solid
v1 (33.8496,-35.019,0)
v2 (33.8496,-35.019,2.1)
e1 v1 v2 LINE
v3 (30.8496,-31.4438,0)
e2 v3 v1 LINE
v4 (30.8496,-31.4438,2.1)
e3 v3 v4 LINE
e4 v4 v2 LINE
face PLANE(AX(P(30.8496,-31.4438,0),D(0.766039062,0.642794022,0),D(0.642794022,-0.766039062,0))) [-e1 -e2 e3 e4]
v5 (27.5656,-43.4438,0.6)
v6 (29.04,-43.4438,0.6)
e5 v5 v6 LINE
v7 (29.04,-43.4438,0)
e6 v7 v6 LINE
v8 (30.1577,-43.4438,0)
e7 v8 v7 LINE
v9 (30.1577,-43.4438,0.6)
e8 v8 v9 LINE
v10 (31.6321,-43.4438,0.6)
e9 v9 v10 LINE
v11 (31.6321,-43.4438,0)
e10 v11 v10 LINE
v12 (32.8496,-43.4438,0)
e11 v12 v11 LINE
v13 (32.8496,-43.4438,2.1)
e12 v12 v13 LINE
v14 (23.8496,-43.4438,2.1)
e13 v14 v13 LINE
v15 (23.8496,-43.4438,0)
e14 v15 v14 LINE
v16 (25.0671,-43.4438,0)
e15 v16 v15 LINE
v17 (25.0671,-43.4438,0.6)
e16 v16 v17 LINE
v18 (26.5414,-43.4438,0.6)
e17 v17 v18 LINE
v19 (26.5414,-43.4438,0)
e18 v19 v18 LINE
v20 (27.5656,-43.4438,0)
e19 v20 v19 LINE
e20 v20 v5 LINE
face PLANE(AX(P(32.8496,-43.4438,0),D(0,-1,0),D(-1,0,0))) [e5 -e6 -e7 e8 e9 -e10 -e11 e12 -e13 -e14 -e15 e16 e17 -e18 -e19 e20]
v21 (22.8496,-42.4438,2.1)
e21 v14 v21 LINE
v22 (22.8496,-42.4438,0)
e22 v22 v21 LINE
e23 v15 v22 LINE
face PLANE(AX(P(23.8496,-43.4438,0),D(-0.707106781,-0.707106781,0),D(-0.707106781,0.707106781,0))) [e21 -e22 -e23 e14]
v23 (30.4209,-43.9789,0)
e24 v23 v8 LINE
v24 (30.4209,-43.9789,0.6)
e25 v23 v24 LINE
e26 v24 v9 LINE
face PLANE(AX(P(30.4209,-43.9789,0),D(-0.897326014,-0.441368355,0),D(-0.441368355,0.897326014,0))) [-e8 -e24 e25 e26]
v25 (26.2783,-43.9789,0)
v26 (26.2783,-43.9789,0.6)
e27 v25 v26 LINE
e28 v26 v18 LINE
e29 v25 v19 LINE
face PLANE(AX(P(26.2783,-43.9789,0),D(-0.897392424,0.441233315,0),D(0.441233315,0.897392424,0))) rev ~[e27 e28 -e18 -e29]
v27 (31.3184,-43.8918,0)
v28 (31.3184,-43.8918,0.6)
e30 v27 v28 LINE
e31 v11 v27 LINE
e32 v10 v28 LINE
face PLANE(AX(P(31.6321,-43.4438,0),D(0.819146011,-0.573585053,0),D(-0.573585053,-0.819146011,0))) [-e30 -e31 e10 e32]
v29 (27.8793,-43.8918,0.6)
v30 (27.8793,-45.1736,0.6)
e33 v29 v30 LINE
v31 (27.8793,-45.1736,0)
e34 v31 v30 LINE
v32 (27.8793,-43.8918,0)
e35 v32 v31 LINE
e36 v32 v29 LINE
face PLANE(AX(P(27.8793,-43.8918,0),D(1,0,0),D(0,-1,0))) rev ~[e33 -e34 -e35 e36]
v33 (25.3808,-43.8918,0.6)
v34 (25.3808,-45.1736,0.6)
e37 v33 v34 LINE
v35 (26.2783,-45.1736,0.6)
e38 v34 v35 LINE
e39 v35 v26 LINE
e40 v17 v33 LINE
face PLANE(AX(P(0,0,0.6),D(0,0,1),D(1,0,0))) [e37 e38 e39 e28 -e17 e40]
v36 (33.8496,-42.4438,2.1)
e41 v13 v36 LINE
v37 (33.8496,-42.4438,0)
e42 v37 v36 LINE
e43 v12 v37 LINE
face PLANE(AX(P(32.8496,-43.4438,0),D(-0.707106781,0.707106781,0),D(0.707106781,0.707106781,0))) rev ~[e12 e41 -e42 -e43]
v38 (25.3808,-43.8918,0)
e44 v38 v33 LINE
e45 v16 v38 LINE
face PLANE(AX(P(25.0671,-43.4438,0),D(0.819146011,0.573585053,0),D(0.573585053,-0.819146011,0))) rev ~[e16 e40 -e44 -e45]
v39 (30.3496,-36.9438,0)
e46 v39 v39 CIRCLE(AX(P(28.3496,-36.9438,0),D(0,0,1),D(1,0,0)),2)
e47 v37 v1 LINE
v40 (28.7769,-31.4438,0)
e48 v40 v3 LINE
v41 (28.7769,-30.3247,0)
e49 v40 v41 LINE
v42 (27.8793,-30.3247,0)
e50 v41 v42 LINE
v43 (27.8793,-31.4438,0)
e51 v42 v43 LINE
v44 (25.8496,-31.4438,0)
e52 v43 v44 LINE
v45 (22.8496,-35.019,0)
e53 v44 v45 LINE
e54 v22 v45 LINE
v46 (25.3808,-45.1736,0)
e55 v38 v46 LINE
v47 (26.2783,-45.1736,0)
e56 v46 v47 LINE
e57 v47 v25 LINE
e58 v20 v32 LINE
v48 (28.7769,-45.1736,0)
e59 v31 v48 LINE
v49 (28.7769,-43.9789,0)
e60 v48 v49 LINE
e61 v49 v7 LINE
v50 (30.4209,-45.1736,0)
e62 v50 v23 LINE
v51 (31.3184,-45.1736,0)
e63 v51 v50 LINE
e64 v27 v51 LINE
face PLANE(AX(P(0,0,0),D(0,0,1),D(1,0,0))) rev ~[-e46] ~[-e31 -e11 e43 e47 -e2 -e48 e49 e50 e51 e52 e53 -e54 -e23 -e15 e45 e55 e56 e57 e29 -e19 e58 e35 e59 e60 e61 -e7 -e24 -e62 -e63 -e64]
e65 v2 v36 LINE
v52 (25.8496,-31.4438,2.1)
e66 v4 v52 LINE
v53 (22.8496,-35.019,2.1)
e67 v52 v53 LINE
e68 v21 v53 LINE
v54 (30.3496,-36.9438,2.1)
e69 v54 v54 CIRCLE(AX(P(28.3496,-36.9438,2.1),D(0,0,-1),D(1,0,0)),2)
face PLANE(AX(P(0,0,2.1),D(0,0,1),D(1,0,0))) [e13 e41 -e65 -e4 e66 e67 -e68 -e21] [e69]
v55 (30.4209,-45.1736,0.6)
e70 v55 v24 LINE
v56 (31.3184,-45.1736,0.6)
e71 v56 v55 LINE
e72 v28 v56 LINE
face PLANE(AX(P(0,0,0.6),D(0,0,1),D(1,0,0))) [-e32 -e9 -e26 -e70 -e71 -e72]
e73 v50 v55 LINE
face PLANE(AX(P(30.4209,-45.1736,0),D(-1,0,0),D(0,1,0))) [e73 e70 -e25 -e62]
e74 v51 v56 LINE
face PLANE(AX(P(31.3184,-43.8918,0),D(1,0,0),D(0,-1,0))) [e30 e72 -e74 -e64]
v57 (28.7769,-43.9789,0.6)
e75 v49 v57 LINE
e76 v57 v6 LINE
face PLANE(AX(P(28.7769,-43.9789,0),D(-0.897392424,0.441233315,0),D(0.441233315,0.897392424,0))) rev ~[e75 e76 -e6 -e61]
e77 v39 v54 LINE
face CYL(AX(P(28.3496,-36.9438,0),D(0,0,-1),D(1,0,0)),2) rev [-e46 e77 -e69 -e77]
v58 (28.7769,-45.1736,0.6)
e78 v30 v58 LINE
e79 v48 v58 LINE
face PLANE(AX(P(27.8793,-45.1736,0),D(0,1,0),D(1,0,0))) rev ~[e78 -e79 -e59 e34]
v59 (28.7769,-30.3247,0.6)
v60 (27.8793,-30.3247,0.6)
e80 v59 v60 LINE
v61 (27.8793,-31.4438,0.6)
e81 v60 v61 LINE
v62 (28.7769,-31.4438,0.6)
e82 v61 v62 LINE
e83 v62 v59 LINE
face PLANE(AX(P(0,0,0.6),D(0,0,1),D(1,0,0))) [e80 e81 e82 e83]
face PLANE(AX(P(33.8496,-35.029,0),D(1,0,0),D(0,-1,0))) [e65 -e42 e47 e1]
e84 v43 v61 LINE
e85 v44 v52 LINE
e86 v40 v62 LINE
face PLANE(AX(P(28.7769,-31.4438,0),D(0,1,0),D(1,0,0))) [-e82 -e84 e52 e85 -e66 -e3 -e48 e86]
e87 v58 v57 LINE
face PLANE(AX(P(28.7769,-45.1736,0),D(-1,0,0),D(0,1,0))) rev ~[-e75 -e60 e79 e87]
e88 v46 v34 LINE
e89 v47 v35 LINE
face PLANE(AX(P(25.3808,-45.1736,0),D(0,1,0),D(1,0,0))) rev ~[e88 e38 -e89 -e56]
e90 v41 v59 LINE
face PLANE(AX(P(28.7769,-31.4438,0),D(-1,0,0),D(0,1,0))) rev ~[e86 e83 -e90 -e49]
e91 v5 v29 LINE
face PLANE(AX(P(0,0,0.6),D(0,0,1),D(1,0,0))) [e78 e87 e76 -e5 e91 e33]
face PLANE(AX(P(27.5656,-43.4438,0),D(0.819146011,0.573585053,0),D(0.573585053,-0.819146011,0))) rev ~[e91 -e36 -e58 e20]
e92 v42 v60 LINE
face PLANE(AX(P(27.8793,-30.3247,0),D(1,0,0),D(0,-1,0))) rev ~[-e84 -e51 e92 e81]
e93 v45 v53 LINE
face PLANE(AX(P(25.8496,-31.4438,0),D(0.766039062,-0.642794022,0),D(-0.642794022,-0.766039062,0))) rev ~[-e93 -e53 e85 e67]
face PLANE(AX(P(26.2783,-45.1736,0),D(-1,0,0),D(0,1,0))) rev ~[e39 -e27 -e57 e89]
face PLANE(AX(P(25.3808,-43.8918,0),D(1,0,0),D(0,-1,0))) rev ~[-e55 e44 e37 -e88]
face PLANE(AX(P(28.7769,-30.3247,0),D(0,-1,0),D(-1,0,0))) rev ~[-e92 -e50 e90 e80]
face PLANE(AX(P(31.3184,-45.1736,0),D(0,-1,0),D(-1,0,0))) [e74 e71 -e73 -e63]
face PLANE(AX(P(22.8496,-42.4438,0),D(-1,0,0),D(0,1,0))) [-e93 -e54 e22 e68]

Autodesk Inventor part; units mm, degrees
ref_plane "YZ Plane" through (0, 0, 0) normal (1, 0, 0) x (0, 1, 0)
ref_plane "XZ Plane" through (0, 0, 0) normal (0, 1, 0) x (-1, 0, 0)
ref_plane "XY Plane" through (0, 0, 0) normal (0, 0, 1) x (1, 0, 0)
sketch "Sketch1" plane through (0, 0, 0) normal (0, 0, 1) x (1, 0, 0)
  line L0 (10.2242, -22.1045) -> (46.869, -22.1045) construction
  line L1 (46.869, -22.1045) -> (46.869, -51.7203) construction
  line L2 (46.869, -51.7203) -> (10.2242, -51.7203) construction
  line L3 (10.2242, -51.7203) -> (10.2242, -22.1045) construction
  line L4 (29.8676, -31.4438) -> (29.8676, -43.4438) construction
  line L5 (33.8496, -35.029) -> (33.8496, -42.667)
  line L6 (33.8496, -42.667) -> (33.8496, -43.4438)
  line L7 (33.8496, -43.4438) -> (32.8496, -43.4438)
  line L8 (22.8496, -43.4438) -> (22.8496, -42.4438)
  line L9 (22.8496, -31.4438) -> (25.8496, -31.4438)
  line L10 (33.8496, -31.4438) -> (33.8496, -35.019)
  line L11 (28.3496, -31.4438) -> (28.3496, -43.4438) construction
  line L12 (28.3496, -31.4438) -> (25.8496, -31.4438)
  line L13 (25.8496, -31.4438) -> (22.8496, -35.019)
  line L14 (28.3496, -43.4438) -> (23.8496, -43.4438)
  line L15 (23.8496, -43.4438) -> (22.8496, -42.4438)
  line L16 (30.8496, -31.4438) -> (33.8496, -35.019)
  line L17 (32.8496, -43.4438) -> (33.8496, -42.4438)
  line L18 (25.8496, -31.4438) -> (30.8496, -31.4438)
  line L19 (22.8496, -35.019) -> (22.8496, -31.4438)
  line L20 (23.8496, -43.4438) -> (22.8496, -43.4438)
  line L21 (22.8496, -42.4438) -> (22.8496, -35.019)
  line L22 (32.8496, -43.4438) -> (23.8496, -43.4438)
  line L23 (33.8496, -43.4438) -> (33.8496, -43.6998)
  line L24 (33.8496, -42.4438) -> (33.8496, -43.4438)
  line L25 (33.8496, -35.019) -> (33.8496, -42.4438)
  line L26 (30.8496, -31.4438) -> (33.8496, -31.4438)
  circle A0 centre (28.3496, -36.9438) radius 2
  line L27 (26.6175, -35.9438) -> (30.0816, -35.9438)
  line L28 (25.0671, -43.4438) -> (25.3808, -43.8918)
  line L29 (25.0671, -43.4438) -> (25.614, -43.4438) construction
  line L30 (25.3808, -43.8918) -> (25.3808, -45.1736)
  line L31 (25.3808, -45.1736) -> (26.2783, -45.1736)
  line L32 (26.2783, -45.1736) -> (26.2783, -43.9789)
  line L33 (26.2783, -43.9789) -> (26.5414, -43.4438)
  line L34 (27.5656, -43.4438) -> (27.8793, -43.8918)
  line L35 (27.8793, -43.8918) -> (27.8793, -45.1736)
  line L36 (27.8793, -45.1736) -> (28.7769, -45.1736)
  line L37 (28.7769, -45.1736) -> (28.7769, -43.9789)
  line L38 (28.7769, -43.9789) -> (29.04, -43.4438)
  line L39 (31.6321, -43.4438) -> (31.3184, -43.8918)
  line L40 (31.3184, -43.8918) -> (31.3184, -45.1736)
  line L41 (31.3184, -45.1736) -> (30.4209, -45.1736)
  line L42 (30.4209, -45.1736) -> (30.4209, -43.9789)
  line L43 (30.4209, -43.9789) -> (30.1577, -43.4438)
  line L44 (31.6321, -43.4438) -> (31.3184, -43.8918)
  line L45 (31.3184, -43.8918) -> (31.3184, -45.1736)
  line L46 (31.3184, -45.1736) -> (30.4209, -45.1736)
  line L47 (30.4209, -45.1736) -> (30.4209, -43.9789)
  line L48 (30.4209, -43.9789) -> (30.1577, -43.4438)
  line L49 (31.6321, -43.4438) -> (31.3184, -43.8918)
  line L50 (31.3184, -43.8918) -> (31.3184, -45.1736)
  line L51 (31.3184, -45.1736) -> (30.4209, -45.1736)
  line L52 (30.4209, -45.1736) -> (30.4209, -43.9789)
  line L53 (30.4209, -43.9789) -> (30.1577, -43.4438)
  line L54 (28.7769, -30.3247) -> (27.8793, -30.3247)
  line L55 (27.8793, -30.3247) -> (27.8793, -31.4438)
  line L56 (27.8793, -31.4438) -> (28.7769, -31.4438)
  line L57 (28.7769, -31.4438) -> (28.7769, -30.3247)
  point P0 (0, 0)
  dimension "d1" = 12
  dimension "d57" = 11
  dimension "d58" = 2.5
  dimension "d59" = 130
  dimension "d60" = 4.5
  dimension "d61" = 135
  dimension "d66" = 4
  dimension "d69" = 6.5
  dimension "d70" = 3
  dimension "d71" = 55
extrude "Extrusion1" add sketch "Sketch1" along normal blind 2.1 contours L5 L17 L22 L14 L15 L21 L13 L12 L18 L16 L25 | L39 L40 L41 L42 L43 L22 | L18 L12 L55 L54 L57 | L38 L37 L36 L35 L34 L14 L22 | L33 L32 L31 L30 L28 L14
sketch "Sketch2" plane through (0, 0, 2.1) normal (0, 0, 1) x (1, 0, 0)
  line L0 (23.8496, -43.4438) -> (25.0671, -43.4438) projected
  line L1 (25.0671, -43.4438) -> (32.3568, -43.4438)
  line L2 (32.3568, -43.4438) -> (32.3568, -45.6215)
  line L3 (32.3568, -45.6215) -> (25.0671, -45.6215)
  line L4 (25.0671, -45.6215) -> (25.0671, -43.4438)
  line L5 (27.8793, -30.3247) -> (27.8793, -31.4438) projected
  line L6 (28.7769, -31.4438) -> (28.7769, -30.3247) projected
  line L7 (27.8793, -31.4438) -> (28.7769, -31.4438)
  line L8 (28.7769, -31.4438) -> (28.7769, -30.3247)
  line L9 (28.7769, -30.3247) -> (27.8793, -30.3247)
  line L10 (27.8793, -30.3247) -> (27.8793, -31.4438)
  point P0 (0, 0)
extrude "Extrusion2" cut sketch "Sketch2" against normal blind 1.5
properties part number "mainbody"
